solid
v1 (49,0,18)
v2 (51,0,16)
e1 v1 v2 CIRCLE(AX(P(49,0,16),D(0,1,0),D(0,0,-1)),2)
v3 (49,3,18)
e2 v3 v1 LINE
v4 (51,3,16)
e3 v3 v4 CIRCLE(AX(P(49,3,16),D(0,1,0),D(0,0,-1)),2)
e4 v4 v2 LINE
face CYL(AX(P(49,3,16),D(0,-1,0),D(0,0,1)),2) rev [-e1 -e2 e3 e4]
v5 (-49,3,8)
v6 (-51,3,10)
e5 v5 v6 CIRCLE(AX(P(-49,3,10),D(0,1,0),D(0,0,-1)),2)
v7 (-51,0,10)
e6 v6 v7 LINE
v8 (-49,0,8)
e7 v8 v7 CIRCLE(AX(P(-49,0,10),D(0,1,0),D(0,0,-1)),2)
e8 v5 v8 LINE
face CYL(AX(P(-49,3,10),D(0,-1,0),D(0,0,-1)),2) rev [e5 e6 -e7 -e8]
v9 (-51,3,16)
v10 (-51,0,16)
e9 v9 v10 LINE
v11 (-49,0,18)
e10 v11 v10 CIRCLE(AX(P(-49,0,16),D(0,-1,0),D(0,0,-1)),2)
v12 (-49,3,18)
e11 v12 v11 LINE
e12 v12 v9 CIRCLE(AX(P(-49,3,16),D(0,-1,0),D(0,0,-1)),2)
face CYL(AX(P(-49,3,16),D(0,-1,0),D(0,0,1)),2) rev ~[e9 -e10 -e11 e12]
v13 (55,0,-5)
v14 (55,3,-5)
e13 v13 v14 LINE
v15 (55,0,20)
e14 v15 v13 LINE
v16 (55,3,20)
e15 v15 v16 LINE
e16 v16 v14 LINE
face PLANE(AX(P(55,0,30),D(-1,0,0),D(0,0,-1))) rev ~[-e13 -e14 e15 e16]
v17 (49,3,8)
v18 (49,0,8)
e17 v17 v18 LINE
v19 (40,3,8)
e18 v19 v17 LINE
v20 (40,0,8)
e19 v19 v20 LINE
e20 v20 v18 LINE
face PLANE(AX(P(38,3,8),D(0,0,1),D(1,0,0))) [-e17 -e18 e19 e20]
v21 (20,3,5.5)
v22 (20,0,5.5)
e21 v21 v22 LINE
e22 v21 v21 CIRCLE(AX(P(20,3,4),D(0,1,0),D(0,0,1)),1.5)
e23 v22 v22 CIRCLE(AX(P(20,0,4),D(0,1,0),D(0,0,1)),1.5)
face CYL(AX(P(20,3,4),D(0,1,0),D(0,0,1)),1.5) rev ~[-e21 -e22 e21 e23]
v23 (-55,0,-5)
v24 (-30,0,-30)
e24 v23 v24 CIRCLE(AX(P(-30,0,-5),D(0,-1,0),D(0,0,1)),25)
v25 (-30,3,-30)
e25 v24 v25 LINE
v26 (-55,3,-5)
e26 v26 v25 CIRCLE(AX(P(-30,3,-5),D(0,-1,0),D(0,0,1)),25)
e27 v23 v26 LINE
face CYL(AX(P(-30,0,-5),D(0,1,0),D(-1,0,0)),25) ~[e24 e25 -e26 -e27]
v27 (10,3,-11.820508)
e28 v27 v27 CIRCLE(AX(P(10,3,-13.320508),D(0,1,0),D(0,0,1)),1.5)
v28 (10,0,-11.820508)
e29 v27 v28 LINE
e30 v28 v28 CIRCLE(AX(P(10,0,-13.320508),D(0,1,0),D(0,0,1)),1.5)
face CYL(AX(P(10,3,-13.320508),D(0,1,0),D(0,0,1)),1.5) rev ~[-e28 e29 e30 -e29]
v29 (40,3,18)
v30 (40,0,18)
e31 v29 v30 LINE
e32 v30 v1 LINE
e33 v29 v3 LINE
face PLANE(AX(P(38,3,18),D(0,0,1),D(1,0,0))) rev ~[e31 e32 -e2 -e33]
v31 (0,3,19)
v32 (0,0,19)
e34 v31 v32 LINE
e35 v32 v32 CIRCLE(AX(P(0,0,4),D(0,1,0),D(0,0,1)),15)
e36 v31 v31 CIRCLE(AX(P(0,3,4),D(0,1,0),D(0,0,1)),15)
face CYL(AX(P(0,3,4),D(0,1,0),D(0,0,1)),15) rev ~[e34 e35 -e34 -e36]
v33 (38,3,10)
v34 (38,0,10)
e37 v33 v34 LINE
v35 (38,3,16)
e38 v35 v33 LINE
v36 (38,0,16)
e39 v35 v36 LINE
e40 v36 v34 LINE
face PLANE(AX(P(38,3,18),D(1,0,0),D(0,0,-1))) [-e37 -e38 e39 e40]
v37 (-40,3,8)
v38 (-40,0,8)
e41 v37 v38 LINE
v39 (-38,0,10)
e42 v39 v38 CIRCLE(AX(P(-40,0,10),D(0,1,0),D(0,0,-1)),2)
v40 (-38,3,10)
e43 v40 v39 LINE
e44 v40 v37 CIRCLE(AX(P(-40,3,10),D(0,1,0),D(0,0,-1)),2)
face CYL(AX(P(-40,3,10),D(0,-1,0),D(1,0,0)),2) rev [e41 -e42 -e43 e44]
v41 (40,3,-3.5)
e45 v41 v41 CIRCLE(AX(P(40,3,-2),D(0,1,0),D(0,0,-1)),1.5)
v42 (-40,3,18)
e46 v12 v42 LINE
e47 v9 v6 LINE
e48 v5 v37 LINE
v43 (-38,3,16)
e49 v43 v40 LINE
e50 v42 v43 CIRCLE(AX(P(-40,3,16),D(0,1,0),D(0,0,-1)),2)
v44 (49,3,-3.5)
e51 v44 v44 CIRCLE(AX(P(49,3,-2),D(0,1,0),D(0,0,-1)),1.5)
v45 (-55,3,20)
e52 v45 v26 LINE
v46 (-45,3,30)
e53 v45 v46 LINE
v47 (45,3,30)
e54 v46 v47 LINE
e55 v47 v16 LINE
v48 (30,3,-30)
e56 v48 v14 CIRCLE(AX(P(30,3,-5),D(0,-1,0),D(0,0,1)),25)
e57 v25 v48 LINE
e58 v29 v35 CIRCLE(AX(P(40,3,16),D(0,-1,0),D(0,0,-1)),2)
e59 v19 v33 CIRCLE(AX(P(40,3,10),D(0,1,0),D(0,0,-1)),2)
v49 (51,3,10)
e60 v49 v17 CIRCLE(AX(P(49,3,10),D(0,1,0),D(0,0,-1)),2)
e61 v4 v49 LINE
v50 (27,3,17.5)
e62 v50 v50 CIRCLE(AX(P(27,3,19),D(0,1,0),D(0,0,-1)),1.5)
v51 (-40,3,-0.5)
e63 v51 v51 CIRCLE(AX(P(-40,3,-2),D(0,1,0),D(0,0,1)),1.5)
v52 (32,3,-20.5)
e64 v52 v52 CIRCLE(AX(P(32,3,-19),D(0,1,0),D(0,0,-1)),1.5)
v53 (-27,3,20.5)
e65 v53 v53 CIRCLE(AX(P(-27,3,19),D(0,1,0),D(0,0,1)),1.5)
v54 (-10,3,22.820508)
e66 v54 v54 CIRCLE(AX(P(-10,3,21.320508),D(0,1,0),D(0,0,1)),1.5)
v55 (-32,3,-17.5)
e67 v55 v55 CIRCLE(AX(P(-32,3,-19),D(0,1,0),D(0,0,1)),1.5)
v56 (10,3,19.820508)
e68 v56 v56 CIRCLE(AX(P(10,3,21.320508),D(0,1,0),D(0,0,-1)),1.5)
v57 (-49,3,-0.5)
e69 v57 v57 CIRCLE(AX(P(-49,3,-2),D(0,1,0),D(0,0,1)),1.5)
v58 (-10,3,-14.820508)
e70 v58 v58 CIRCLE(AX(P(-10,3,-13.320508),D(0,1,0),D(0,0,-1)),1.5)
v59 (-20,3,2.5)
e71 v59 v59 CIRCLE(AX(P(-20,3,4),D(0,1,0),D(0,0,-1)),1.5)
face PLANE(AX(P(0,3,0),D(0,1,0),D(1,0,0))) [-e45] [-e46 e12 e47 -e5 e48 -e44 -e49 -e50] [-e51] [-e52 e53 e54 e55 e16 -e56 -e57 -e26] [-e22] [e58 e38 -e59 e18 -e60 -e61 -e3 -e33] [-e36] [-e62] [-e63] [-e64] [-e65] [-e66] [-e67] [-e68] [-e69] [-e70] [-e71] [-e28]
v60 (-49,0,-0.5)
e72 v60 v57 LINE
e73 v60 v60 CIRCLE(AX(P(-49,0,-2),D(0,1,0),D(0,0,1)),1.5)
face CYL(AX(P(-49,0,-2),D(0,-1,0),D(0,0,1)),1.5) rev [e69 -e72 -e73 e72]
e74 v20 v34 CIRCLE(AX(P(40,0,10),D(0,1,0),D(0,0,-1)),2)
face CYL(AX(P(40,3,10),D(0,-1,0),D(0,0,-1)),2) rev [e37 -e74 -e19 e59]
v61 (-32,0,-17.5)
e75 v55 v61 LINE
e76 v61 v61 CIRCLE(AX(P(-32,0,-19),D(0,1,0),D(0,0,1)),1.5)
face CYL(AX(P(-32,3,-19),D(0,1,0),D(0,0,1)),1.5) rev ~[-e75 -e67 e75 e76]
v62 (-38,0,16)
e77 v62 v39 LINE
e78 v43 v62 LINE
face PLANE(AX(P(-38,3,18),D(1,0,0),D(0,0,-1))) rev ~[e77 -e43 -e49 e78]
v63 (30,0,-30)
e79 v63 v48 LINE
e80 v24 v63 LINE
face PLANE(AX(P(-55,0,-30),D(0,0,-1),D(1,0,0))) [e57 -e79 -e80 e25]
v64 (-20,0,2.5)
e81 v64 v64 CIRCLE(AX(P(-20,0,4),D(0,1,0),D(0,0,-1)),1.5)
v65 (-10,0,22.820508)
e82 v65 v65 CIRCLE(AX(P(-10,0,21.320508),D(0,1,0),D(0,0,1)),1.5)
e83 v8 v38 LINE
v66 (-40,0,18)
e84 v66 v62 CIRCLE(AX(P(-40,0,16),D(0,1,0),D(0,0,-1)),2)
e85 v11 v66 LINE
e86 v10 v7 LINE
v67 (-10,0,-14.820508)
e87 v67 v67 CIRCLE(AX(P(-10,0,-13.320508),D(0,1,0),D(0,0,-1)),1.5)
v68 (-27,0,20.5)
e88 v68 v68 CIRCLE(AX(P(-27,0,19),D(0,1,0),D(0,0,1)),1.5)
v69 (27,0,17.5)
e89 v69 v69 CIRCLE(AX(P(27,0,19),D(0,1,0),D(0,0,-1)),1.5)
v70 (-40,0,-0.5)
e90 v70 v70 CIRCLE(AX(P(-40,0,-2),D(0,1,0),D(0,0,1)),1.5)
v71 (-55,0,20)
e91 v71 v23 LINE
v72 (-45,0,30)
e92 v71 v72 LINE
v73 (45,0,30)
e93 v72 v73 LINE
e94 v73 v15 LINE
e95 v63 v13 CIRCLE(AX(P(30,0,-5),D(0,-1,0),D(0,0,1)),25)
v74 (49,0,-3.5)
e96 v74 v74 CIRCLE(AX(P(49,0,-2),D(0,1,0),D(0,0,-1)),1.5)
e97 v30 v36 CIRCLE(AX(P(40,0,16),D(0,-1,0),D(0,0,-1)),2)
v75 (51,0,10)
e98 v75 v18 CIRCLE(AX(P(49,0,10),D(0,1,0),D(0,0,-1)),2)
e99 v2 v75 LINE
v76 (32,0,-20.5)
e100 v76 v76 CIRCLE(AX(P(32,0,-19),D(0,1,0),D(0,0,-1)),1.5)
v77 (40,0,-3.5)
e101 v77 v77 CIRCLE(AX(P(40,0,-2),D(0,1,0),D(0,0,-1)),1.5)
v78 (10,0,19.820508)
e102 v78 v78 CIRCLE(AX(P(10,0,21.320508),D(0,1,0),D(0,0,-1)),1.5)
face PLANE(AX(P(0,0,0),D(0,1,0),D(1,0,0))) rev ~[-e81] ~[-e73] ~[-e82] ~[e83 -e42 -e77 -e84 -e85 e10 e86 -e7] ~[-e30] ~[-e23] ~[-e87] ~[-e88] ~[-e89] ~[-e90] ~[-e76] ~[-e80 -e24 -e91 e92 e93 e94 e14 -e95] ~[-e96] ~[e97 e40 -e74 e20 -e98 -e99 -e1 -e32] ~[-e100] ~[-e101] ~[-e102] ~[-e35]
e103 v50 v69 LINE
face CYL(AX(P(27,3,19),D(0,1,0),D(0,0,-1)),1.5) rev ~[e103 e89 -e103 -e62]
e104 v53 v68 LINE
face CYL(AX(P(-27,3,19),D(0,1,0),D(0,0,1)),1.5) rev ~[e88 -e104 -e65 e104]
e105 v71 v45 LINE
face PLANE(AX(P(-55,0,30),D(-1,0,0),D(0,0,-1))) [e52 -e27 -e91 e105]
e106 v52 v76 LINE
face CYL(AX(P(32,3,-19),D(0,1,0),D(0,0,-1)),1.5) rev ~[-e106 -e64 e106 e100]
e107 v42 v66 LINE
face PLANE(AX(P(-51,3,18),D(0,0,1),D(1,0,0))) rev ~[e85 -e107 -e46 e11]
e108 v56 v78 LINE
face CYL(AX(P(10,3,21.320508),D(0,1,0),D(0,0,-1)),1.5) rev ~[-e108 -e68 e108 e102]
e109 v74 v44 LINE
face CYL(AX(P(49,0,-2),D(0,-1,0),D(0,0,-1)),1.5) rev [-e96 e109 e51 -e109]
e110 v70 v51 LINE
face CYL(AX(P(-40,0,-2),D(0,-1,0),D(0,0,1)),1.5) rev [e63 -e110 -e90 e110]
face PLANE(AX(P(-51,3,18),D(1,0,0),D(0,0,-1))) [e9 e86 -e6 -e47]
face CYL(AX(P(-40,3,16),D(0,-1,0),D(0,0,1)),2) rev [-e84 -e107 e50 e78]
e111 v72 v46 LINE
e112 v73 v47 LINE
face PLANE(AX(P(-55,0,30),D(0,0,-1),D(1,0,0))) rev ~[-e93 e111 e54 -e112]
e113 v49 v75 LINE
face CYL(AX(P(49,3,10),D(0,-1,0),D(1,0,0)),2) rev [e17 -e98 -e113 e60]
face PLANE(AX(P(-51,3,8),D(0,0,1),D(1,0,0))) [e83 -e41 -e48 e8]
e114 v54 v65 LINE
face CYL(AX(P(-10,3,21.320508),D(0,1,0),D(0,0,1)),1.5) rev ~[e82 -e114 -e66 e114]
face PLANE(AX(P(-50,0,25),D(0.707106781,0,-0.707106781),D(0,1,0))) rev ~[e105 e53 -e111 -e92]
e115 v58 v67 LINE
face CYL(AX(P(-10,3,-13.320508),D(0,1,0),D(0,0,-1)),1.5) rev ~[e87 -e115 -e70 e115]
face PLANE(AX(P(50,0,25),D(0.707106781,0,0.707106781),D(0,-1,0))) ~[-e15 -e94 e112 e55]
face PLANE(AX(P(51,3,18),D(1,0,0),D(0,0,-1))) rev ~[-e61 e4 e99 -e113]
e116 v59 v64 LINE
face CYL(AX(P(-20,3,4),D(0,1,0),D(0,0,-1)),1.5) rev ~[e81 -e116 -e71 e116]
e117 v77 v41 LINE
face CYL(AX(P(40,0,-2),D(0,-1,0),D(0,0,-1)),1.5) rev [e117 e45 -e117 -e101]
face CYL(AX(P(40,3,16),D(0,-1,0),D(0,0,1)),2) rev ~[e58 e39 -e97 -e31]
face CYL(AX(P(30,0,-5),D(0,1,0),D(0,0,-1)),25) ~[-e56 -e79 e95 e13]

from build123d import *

# Parameters (mm, degrees)
SKETCH_1_W          = 110
SKETCH_1_H          = 60
SKETCH_1_R          = 1.5
EXTRUDE_1_DEPTH     = 3
FILLET_1_R          = 25
CHAMFER_1_SIZE      = 10
SKETCH_3_R          = 1.5
CUT_EXTRUDE_2_DEPTH = 3
SKETCH_4_W          = 13
SKETCH_4_H          = 10
CUT_EXTRUDE_3_DEPTH = 10
FILLET_2_R          = 2
SKETCH_5_R          = 1.5
SKETCH_5_R_2        = 15
CUT_EXTRUDE_4_DEPTH = 3


with BuildPart() as part:
    # 草图1 → 凸台-拉伸1 (new body)
    with BuildSketch(Plane(origin=(0, 0, 0), x_dir=(1, 0, 0), z_dir=(0, 1, 0))):
        Rectangle(SKETCH_1_W, SKETCH_1_H)
        with Locations(Location((-49, 2, 0), (0, 0, 270))):
            Circle(SKETCH_1_R, mode=Mode.SUBTRACT)
        with Locations(Location((-40, 2, 0), (0, 0, 270))):
            Circle(SKETCH_1_R, mode=Mode.SUBTRACT)
        with Locations(Location((49, 2, 0), (0, 0, 90))):
            Circle(SKETCH_1_R, mode=Mode.SUBTRACT)
        with Locations(Location((40, 2, 0), (0, 0, 90))):
            Circle(SKETCH_1_R, mode=Mode.SUBTRACT)
    extrude(amount=EXTRUDE_1_DEPTH)

    # 圆角1
    fillet_1_edges = [part.edges().sort_by_distance(p)[0] for p in [
        (-55, 1.5, -30),
        (55, 1.5, -30),
    ]]
    fillet(fillet_1_edges, radius=FILLET_1_R)

    # 倒角1
    chamfer_1_edges = [part.edges().sort_by_distance(p)[0] for p in [
        (55, 1.5, 30),
        (-55, 1.5, 30),
    ]]
    chamfer(chamfer_1_edges, length=CHAMFER_1_SIZE)

    # 草图3 → 切除-拉伸2 (cut)
    with BuildSketch(Plane(origin=(0, 3, 0), x_dir=(1, 0, 0), z_dir=(0, 1, 0))):
        with Locations(Location((-32, 19, 0), (0, 0, 270))):
            Circle(SKETCH_3_R)
        with Locations(Location((-27, -19, 0), (0, 0, 270))):
            Circle(SKETCH_3_R)
        with Locations(Location((27, -19, 0), (0, 0, 90))):
            Circle(SKETCH_3_R)
        with Locations(Location((32, 19, 0), (0, 0, 90))):
            Circle(SKETCH_3_R)
    extrude(amount=-CUT_EXTRUDE_2_DEPTH, mode=Mode.SUBTRACT)

    # 草图4 → 切除-拉伸3 (cut)
    with BuildSketch(Plane(origin=(0, 3, 0), x_dir=(1, 0, 0), z_dir=(0, 1, 0))):
        with Locations((-44.5, -13)):
            Rectangle(SKETCH_4_W, SKETCH_4_H)
        with Locations((44.5, -13)):
            Rectangle(SKETCH_4_W, SKETCH_4_H)
    extrude(amount=-CUT_EXTRUDE_3_DEPTH, mode=Mode.SUBTRACT)

    # 圆角2
    fillet_2_edges = [part.edges().sort_by_distance(p)[0] for p in [
        (-38, 1.5, 8),
        (-38, 1.5, 18),
        (-51, 1.5, 18),
        (-51, 1.5, 8),
        (51, 1.5, 8),
        (51, 1.5, 18),
        (38, 1.5, 18),
        (38, 1.5, 8),
    ]]
    fillet(fillet_2_edges, radius=FILLET_2_R)

    # 草图5 → 切除-拉伸4 (cut)
    with BuildSketch(Plane(origin=(0, 3, 0), x_dir=(1, 0, 0), z_dir=(0, 1, 0))):
        with Locations(Location((20, -4, 0), (0, 0, 270))):
            Circle(SKETCH_5_R)
        with Locations(Location((10, 13.320508076, 0), (0, 0, 270))):
            Circle(SKETCH_5_R)
        with Locations(Location((-20, -4, 0), (0, 0, 90))):
            Circle(SKETCH_5_R)
        with Locations(Location((-10, 13.320508076, 0), (0, 0, 90))):
            Circle(SKETCH_5_R)
        with Locations(Location((10, -21.320508076, 0), (0, 0, 90))):
            Circle(SKETCH_5_R)
        with Locations(Location((-10, -21.320508076, 0), (0, 0, 270))):
            Circle(SKETCH_5_R)
        with Locations(Location((0, -4, 0), (0, 0, 270))):
            Circle(SKETCH_5_R_2)
    extrude(amount=-CUT_EXTRUDE_4_DEPTH, mode=Mode.SUBTRACT)


solid = part.part
